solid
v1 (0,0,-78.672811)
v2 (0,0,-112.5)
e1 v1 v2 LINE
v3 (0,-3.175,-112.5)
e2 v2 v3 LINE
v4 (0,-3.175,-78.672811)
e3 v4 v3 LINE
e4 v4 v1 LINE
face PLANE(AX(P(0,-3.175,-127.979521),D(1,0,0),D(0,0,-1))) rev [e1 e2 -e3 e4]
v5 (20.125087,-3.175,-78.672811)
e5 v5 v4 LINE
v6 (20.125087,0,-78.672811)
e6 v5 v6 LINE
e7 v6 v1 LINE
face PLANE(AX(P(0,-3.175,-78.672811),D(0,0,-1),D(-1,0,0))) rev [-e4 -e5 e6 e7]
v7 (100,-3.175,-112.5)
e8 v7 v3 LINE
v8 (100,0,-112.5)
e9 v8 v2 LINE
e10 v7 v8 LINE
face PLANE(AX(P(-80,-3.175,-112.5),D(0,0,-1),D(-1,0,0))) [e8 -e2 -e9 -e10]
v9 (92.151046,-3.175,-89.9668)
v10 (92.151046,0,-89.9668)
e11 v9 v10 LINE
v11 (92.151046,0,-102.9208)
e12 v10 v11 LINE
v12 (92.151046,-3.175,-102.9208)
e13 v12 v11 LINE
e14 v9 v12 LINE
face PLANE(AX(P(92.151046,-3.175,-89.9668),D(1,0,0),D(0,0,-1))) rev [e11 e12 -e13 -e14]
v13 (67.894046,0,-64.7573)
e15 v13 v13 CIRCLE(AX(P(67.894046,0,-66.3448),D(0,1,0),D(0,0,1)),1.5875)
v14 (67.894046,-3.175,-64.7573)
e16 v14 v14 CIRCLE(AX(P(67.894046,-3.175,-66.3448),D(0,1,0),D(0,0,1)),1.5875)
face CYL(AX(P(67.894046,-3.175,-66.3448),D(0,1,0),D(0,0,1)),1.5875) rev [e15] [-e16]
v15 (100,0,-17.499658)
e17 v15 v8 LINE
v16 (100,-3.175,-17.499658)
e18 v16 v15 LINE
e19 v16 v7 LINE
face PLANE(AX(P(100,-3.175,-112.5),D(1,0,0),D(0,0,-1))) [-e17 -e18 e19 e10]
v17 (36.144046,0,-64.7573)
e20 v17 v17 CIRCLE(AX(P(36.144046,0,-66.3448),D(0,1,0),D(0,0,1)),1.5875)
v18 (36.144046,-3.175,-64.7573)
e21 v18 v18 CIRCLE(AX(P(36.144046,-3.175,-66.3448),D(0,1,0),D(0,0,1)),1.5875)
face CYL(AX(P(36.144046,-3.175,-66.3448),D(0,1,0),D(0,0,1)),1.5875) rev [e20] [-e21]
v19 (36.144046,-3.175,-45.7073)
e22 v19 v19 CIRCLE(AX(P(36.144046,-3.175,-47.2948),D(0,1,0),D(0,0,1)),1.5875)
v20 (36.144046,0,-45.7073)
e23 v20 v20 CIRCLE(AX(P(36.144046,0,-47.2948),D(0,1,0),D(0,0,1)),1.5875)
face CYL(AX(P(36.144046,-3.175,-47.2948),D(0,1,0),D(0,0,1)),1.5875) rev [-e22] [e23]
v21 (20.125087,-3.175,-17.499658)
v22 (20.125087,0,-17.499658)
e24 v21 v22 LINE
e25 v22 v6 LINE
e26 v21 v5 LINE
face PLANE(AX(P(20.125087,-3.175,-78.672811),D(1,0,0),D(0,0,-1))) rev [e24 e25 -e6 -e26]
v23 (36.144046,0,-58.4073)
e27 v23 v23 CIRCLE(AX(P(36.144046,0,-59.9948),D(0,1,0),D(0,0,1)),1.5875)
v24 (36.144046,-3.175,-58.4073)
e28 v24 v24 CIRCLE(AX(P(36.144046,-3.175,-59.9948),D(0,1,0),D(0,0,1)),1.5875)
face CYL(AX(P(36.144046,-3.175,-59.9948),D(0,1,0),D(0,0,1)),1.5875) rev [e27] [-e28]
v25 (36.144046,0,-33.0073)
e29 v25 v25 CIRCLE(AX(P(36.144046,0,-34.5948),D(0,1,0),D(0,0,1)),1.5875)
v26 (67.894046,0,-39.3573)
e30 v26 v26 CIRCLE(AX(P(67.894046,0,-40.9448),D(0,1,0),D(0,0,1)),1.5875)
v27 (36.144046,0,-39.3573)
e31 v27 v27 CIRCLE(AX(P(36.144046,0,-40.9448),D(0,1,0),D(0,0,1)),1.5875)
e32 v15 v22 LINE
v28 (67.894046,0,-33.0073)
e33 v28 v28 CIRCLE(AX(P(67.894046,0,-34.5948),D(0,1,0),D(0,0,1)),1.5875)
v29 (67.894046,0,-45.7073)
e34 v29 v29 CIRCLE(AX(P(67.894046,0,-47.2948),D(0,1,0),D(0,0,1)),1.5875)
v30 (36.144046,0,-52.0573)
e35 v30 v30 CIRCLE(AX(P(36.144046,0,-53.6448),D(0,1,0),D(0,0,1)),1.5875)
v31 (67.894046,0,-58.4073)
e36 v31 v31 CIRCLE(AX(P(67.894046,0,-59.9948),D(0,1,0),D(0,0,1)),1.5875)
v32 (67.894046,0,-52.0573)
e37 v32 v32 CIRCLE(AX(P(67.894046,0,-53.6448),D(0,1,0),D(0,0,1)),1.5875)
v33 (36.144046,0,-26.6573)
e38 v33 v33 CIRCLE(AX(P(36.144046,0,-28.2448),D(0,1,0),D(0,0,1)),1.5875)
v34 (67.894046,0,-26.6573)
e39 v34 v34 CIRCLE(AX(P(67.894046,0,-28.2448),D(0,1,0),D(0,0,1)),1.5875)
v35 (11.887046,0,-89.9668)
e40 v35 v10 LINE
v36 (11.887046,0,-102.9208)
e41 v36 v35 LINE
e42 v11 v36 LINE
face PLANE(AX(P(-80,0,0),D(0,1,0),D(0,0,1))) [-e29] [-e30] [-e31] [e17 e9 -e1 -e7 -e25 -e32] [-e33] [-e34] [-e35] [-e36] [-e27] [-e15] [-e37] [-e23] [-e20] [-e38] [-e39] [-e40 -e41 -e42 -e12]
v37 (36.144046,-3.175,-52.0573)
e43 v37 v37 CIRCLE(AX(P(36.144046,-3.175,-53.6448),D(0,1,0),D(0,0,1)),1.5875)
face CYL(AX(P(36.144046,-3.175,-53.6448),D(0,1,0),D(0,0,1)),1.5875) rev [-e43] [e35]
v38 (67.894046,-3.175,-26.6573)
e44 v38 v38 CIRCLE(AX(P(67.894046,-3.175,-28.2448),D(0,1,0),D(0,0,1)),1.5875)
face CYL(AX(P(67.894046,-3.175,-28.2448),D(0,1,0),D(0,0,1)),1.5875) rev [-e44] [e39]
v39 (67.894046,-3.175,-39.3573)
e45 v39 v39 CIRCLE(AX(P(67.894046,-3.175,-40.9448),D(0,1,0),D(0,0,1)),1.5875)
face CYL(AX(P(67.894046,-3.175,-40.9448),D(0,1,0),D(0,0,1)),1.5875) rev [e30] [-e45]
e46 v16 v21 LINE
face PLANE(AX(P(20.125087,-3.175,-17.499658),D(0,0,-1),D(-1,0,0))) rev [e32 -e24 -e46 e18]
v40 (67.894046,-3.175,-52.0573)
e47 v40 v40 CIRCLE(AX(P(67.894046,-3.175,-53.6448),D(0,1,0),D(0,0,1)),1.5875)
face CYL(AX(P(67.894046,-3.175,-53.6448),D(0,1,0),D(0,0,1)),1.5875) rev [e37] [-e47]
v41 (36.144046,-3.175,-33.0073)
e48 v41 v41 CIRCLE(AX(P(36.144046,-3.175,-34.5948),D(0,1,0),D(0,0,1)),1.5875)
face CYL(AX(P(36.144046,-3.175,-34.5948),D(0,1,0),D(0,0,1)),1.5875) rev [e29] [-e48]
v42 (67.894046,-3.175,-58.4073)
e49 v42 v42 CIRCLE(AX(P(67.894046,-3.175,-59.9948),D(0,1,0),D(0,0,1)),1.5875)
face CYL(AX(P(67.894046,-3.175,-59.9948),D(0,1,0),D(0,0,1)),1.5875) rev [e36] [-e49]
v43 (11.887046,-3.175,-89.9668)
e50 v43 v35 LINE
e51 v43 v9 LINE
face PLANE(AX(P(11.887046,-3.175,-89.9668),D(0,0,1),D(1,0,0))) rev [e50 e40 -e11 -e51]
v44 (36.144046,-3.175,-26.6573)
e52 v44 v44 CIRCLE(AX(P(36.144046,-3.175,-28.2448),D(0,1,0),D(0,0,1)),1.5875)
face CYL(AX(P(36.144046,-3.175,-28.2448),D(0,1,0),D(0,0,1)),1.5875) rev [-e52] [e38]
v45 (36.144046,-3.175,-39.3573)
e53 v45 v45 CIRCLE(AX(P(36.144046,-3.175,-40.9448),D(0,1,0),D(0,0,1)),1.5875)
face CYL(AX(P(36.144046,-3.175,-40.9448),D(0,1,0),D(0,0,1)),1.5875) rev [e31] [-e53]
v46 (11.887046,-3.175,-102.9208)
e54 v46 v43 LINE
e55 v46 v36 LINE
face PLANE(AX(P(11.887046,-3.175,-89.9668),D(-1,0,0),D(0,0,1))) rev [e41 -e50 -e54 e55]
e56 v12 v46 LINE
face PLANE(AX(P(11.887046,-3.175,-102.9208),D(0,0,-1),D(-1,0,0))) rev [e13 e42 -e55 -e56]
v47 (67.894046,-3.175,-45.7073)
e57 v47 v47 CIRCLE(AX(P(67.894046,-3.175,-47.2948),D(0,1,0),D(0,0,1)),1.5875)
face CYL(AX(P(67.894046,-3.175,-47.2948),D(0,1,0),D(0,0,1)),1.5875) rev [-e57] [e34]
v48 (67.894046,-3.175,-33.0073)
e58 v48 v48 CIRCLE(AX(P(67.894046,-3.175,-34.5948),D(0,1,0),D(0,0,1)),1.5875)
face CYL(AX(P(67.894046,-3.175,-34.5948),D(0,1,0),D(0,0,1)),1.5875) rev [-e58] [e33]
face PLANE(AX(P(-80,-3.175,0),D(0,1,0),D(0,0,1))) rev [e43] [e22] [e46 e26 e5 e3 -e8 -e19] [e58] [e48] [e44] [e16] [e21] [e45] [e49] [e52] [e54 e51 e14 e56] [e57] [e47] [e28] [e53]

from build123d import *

# Parameters (mm, degrees)
BOSS_EXTRUDE1_DEPTH = 3.175
SKETCH2_R           = 1.5875
SKETCH2_W           = 80.264
SKETCH2_H           = 12.954
CUT_EXTRUDE1_DEPTH  = 223.985606318
SKETCH7_R           = 2.032
SKETCH7_R_2         = 1.651
SKETCH7_W           = 47.244
SKETCH7_H           = 139.192
CUT_EXTRUDE4_DEPTH  = 223.985606318
SKETCH8_R           = 1.651
CUT_EXTRUDE5_DEPTH  = 223.985606318
SKETCH9_R           = 1.778
CUT_EXTRUDE6_DEPTH  = 221.482742149
CUT_EXTRUDE7_DEPTH  = 221.482742149


with BuildPart() as part:
    # Sketch1 → Boss-Extrude1 (new body)
    with BuildSketch(Plane(origin=(0, 0, 0), x_dir=(1, 0, 0), z_dir=(0, 1, 0))):
        with BuildLine():
            Line((-80, 112.5), (100, 112.5))
            Line((100, 112.5), (100, -112.5))
            Line((100, -112.5), (-80, -112.5))
            ThreePointArc((-80, -112.5), (-192.5, 0), (-80, 112.5))
        make_face()
    extrude(amount=-BOSS_EXTRUDE1_DEPTH)

    # Sketch2 → Cut-Extrude1 (cut, through all)
    with BuildSketch(Plane(origin=(0, 0, 0), x_dir=(1, 0, 0), z_dir=(0, 1, 0))):
        with Locations(Location((36.144045702, -66.3448, 0), (0, 0, 270))):
            Circle(SKETCH2_R)
        with Locations(Location((36.144045702, -59.9948, 0), (0, 0, 270))):
            Circle(SKETCH2_R)
        with Locations(Location((36.144045702, -53.6448, 0), (0, 0, 270))):
            Circle(SKETCH2_R)
        with Locations(Location((36.144045702, -47.2948, 0), (0, 0, 270))):
            Circle(SKETCH2_R)
        with Locations(Location((36.144045702, -40.9448, 0), (0, 0, 270))):
            Circle(SKETCH2_R)
        with Locations(Location((36.144045702, -34.5948, 0), (0, 0, 270))):
            Circle(SKETCH2_R)
        with Locations(Location((36.144045702, -28.2448, 0), (0, 0, 270))):
            Circle(SKETCH2_R)
        with Locations(Location((67.894045702, -66.3448, 0), (0, 0, 270))):
            Circle(SKETCH2_R)
        with Locations(Location((67.894045702, -59.9948, 0), (0, 0, 270))):
            Circle(SKETCH2_R)
        with Locations(Location((67.894045702, -53.6448, 0), (0, 0, 270))):
            Circle(SKETCH2_R)
        with Locations(Location((67.894045702, -47.2948, 0), (0, 0, 270))):
            Circle(SKETCH2_R)
        with Locations(Location((67.894045702, -40.9448, 0), (0, 0, 270))):
            Circle(SKETCH2_R)
        with Locations(Location((67.894045702, -34.5948, 0), (0, 0, 270))):
            Circle(SKETCH2_R)
        with Locations(Location((67.894045702, -28.2448, 0), (0, 0, 270))):
            Circle(SKETCH2_R)
        with Locations(Location((36.144045702, 66.3448, 0), (0, 0, 270))):
            Circle(SKETCH2_R)
        with Locations(Location((36.144045702, 59.9948, 0), (0, 0, 270))):
            Circle(SKETCH2_R)
        with Locations(Location((36.144045702, 53.6448, 0), (0, 0, 270))):
            Circle(SKETCH2_R)
        with Locations(Location((36.144045702, 47.2948, 0), (0, 0, 270))):
            Circle(SKETCH2_R)
        with Locations(Location((36.144045702, 40.9448, 0), (0, 0, 270))):
            Circle(SKETCH2_R)
        with Locations(Location((36.144045702, 34.5948, 0), (0, 0, 270))):
            Circle(SKETCH2_R)
        with Locations(Location((36.144045702, 28.2448, 0), (0, 0, 270))):
            Circle(SKETCH2_R)
        with Locations(Location((67.894045702, 66.3448, 0), (0, 0, 270))):
            Circle(SKETCH2_R)
        with Locations(Location((67.894045702, 59.9948, 0), (0, 0, 270))):
            Circle(SKETCH2_R)
        with Locations(Location((67.894045702, 53.6448, 0), (0, 0, 270))):
            Circle(SKETCH2_R)
        with Locations(Location((67.894045702, 47.2948, 0), (0, 0, 270))):
            Circle(SKETCH2_R)
        with Locations(Location((67.894045702, 40.9448, 0), (0, 0, 270))):
            Circle(SKETCH2_R)
        with Locations(Location((67.894045702, 34.5948, 0), (0, 0, 270))):
            Circle(SKETCH2_R)
        with Locations(Location((67.894045702, 28.2448, 0), (0, 0, 270))):
            Circle(SKETCH2_R)
        with Locations((52.019045702, -96.4438)):
            Rectangle(SKETCH2_W, SKETCH2_H)
        with Locations((52.019045702, 96.4438)):
            Rectangle(SKETCH2_W, SKETCH2_H)
    extrude(amount=-CUT_EXTRUDE1_DEPTH, mode=Mode.SUBTRACT)

    # Sketch7 → Cut-Extrude4 (cut, through all)
    with BuildSketch(Plane(origin=(0, 0, 0), x_dir=(1, 0, 0), z_dir=(0, 1, 0))):
        with Locations(Location((-50.421540267, 0, 0), (0, 0, 270))):
            Circle(SKETCH7_R)
        with Locations(Location((25.778459733, 0, 0), (0, 0, 270))):
            Circle(SKETCH7_R_2)
        with Locations(Location((86.738459733, 0, 0), (0, 0, 270))):
            Circle(SKETCH7_R_2)
        with Locations(Location((-50.421540267, 40.64, 0), (0, 0, 270))):
            Circle(SKETCH7_R_2)
        with Locations(Location((-50.421540267, -40.64, 0), (0, 0, 270))):
            Circle(SKETCH7_R_2)
        with Locations(Location((15.872459733, -40.64, 0), (0, 0, 270))):
            Circle(SKETCH7_R)
        with Locations(Location((15.872459733, 40.64, 0), (0, 0, 270))):
            Circle(SKETCH7_R)
        with Locations((-14.099540267, 0)):
            Rectangle(SKETCH7_W, SKETCH7_H)
    extrude(amount=-CUT_EXTRUDE4_DEPTH, mode=Mode.SUBTRACT)

    # Sketch8 → Cut-Extrude5 (cut, through all)
    with BuildSketch(Plane(origin=(0, 0, 0), x_dir=(1, 0, 0), z_dir=(0, 1, 0))):
        with Locations(Location((-177.3836, 33.02, 0), (0, 0, 270))):
            Circle(SKETCH8_R)
        with Locations(Location((-177.3836, -33.02, 0), (0, 0, 270))):
            Circle(SKETCH8_R)
        with Locations(Location((-151.9836, 33.02, 0), (0, 0, 270))):
            Circle(SKETCH8_R)
        with Locations(Location((-151.9836, -33.02, 0), (0, 0, 270))):
            Circle(SKETCH8_R)
        with BuildLine():
            Line((-167.0966, 25.4), (-229.776686608, 25.4))
            Line((-229.776686608, 25.4), (-229.776686608, -25.4))
            Line((-229.776686608, -25.4), (-167.0966, -25.4))
            ThreePointArc((-167.0966, -25.4), (-141.6966, 0), (-167.0966, 25.4))
        make_face()
    extrude(amount=-CUT_EXTRUDE5_DEPTH, mode=Mode.SUBTRACT)

    # Sketch9 → Cut-Extrude6 (cut, through all)
    with BuildSketch(Plane(origin=(0, 0, 0), x_dir=(1, 0, 0), z_dir=(0, 1, 0))):
        with Locations(Location((-161.795319669, -55.88, 0), (0, 0, 270))):
            Circle(SKETCH9_R)
        with Locations(Location((-124.964619687, -86.784626771, 0), (0, 0, 270))):
            Circle(SKETCH9_R)
        with Locations(Location((-161.795319669, 55.88, 0), (0, 0, 270))):
            Circle(SKETCH9_R)
        with Locations(Location((-124.964619687, 86.784626771, 0), (0, 0, 270))):
            Circle(SKETCH9_R)
    extrude(amount=-CUT_EXTRUDE6_DEPTH, mode=Mode.SUBTRACT)

    # Sketch10 → Cut-Extrude7 (cut, through all)
    with BuildSketch(Plane(origin=(0, 0, 0), x_dir=(1, 0, 0), z_dir=(0, 1, 0))):
        Polygon((0, 127.979520785), (0, 78.672810993), (20.125086798, 78.672810993), (20.125086798, 17.499658407), (114.992352539, 17.499658407), (114.992352539, -151.143860627), (-214.259658065, -151.143860627), (-214.259658065, 127.979520785), align=None)
    extrude(amount=-CUT_EXTRUDE7_DEPTH, mode=Mode.SUBTRACT)


solid = part.part
